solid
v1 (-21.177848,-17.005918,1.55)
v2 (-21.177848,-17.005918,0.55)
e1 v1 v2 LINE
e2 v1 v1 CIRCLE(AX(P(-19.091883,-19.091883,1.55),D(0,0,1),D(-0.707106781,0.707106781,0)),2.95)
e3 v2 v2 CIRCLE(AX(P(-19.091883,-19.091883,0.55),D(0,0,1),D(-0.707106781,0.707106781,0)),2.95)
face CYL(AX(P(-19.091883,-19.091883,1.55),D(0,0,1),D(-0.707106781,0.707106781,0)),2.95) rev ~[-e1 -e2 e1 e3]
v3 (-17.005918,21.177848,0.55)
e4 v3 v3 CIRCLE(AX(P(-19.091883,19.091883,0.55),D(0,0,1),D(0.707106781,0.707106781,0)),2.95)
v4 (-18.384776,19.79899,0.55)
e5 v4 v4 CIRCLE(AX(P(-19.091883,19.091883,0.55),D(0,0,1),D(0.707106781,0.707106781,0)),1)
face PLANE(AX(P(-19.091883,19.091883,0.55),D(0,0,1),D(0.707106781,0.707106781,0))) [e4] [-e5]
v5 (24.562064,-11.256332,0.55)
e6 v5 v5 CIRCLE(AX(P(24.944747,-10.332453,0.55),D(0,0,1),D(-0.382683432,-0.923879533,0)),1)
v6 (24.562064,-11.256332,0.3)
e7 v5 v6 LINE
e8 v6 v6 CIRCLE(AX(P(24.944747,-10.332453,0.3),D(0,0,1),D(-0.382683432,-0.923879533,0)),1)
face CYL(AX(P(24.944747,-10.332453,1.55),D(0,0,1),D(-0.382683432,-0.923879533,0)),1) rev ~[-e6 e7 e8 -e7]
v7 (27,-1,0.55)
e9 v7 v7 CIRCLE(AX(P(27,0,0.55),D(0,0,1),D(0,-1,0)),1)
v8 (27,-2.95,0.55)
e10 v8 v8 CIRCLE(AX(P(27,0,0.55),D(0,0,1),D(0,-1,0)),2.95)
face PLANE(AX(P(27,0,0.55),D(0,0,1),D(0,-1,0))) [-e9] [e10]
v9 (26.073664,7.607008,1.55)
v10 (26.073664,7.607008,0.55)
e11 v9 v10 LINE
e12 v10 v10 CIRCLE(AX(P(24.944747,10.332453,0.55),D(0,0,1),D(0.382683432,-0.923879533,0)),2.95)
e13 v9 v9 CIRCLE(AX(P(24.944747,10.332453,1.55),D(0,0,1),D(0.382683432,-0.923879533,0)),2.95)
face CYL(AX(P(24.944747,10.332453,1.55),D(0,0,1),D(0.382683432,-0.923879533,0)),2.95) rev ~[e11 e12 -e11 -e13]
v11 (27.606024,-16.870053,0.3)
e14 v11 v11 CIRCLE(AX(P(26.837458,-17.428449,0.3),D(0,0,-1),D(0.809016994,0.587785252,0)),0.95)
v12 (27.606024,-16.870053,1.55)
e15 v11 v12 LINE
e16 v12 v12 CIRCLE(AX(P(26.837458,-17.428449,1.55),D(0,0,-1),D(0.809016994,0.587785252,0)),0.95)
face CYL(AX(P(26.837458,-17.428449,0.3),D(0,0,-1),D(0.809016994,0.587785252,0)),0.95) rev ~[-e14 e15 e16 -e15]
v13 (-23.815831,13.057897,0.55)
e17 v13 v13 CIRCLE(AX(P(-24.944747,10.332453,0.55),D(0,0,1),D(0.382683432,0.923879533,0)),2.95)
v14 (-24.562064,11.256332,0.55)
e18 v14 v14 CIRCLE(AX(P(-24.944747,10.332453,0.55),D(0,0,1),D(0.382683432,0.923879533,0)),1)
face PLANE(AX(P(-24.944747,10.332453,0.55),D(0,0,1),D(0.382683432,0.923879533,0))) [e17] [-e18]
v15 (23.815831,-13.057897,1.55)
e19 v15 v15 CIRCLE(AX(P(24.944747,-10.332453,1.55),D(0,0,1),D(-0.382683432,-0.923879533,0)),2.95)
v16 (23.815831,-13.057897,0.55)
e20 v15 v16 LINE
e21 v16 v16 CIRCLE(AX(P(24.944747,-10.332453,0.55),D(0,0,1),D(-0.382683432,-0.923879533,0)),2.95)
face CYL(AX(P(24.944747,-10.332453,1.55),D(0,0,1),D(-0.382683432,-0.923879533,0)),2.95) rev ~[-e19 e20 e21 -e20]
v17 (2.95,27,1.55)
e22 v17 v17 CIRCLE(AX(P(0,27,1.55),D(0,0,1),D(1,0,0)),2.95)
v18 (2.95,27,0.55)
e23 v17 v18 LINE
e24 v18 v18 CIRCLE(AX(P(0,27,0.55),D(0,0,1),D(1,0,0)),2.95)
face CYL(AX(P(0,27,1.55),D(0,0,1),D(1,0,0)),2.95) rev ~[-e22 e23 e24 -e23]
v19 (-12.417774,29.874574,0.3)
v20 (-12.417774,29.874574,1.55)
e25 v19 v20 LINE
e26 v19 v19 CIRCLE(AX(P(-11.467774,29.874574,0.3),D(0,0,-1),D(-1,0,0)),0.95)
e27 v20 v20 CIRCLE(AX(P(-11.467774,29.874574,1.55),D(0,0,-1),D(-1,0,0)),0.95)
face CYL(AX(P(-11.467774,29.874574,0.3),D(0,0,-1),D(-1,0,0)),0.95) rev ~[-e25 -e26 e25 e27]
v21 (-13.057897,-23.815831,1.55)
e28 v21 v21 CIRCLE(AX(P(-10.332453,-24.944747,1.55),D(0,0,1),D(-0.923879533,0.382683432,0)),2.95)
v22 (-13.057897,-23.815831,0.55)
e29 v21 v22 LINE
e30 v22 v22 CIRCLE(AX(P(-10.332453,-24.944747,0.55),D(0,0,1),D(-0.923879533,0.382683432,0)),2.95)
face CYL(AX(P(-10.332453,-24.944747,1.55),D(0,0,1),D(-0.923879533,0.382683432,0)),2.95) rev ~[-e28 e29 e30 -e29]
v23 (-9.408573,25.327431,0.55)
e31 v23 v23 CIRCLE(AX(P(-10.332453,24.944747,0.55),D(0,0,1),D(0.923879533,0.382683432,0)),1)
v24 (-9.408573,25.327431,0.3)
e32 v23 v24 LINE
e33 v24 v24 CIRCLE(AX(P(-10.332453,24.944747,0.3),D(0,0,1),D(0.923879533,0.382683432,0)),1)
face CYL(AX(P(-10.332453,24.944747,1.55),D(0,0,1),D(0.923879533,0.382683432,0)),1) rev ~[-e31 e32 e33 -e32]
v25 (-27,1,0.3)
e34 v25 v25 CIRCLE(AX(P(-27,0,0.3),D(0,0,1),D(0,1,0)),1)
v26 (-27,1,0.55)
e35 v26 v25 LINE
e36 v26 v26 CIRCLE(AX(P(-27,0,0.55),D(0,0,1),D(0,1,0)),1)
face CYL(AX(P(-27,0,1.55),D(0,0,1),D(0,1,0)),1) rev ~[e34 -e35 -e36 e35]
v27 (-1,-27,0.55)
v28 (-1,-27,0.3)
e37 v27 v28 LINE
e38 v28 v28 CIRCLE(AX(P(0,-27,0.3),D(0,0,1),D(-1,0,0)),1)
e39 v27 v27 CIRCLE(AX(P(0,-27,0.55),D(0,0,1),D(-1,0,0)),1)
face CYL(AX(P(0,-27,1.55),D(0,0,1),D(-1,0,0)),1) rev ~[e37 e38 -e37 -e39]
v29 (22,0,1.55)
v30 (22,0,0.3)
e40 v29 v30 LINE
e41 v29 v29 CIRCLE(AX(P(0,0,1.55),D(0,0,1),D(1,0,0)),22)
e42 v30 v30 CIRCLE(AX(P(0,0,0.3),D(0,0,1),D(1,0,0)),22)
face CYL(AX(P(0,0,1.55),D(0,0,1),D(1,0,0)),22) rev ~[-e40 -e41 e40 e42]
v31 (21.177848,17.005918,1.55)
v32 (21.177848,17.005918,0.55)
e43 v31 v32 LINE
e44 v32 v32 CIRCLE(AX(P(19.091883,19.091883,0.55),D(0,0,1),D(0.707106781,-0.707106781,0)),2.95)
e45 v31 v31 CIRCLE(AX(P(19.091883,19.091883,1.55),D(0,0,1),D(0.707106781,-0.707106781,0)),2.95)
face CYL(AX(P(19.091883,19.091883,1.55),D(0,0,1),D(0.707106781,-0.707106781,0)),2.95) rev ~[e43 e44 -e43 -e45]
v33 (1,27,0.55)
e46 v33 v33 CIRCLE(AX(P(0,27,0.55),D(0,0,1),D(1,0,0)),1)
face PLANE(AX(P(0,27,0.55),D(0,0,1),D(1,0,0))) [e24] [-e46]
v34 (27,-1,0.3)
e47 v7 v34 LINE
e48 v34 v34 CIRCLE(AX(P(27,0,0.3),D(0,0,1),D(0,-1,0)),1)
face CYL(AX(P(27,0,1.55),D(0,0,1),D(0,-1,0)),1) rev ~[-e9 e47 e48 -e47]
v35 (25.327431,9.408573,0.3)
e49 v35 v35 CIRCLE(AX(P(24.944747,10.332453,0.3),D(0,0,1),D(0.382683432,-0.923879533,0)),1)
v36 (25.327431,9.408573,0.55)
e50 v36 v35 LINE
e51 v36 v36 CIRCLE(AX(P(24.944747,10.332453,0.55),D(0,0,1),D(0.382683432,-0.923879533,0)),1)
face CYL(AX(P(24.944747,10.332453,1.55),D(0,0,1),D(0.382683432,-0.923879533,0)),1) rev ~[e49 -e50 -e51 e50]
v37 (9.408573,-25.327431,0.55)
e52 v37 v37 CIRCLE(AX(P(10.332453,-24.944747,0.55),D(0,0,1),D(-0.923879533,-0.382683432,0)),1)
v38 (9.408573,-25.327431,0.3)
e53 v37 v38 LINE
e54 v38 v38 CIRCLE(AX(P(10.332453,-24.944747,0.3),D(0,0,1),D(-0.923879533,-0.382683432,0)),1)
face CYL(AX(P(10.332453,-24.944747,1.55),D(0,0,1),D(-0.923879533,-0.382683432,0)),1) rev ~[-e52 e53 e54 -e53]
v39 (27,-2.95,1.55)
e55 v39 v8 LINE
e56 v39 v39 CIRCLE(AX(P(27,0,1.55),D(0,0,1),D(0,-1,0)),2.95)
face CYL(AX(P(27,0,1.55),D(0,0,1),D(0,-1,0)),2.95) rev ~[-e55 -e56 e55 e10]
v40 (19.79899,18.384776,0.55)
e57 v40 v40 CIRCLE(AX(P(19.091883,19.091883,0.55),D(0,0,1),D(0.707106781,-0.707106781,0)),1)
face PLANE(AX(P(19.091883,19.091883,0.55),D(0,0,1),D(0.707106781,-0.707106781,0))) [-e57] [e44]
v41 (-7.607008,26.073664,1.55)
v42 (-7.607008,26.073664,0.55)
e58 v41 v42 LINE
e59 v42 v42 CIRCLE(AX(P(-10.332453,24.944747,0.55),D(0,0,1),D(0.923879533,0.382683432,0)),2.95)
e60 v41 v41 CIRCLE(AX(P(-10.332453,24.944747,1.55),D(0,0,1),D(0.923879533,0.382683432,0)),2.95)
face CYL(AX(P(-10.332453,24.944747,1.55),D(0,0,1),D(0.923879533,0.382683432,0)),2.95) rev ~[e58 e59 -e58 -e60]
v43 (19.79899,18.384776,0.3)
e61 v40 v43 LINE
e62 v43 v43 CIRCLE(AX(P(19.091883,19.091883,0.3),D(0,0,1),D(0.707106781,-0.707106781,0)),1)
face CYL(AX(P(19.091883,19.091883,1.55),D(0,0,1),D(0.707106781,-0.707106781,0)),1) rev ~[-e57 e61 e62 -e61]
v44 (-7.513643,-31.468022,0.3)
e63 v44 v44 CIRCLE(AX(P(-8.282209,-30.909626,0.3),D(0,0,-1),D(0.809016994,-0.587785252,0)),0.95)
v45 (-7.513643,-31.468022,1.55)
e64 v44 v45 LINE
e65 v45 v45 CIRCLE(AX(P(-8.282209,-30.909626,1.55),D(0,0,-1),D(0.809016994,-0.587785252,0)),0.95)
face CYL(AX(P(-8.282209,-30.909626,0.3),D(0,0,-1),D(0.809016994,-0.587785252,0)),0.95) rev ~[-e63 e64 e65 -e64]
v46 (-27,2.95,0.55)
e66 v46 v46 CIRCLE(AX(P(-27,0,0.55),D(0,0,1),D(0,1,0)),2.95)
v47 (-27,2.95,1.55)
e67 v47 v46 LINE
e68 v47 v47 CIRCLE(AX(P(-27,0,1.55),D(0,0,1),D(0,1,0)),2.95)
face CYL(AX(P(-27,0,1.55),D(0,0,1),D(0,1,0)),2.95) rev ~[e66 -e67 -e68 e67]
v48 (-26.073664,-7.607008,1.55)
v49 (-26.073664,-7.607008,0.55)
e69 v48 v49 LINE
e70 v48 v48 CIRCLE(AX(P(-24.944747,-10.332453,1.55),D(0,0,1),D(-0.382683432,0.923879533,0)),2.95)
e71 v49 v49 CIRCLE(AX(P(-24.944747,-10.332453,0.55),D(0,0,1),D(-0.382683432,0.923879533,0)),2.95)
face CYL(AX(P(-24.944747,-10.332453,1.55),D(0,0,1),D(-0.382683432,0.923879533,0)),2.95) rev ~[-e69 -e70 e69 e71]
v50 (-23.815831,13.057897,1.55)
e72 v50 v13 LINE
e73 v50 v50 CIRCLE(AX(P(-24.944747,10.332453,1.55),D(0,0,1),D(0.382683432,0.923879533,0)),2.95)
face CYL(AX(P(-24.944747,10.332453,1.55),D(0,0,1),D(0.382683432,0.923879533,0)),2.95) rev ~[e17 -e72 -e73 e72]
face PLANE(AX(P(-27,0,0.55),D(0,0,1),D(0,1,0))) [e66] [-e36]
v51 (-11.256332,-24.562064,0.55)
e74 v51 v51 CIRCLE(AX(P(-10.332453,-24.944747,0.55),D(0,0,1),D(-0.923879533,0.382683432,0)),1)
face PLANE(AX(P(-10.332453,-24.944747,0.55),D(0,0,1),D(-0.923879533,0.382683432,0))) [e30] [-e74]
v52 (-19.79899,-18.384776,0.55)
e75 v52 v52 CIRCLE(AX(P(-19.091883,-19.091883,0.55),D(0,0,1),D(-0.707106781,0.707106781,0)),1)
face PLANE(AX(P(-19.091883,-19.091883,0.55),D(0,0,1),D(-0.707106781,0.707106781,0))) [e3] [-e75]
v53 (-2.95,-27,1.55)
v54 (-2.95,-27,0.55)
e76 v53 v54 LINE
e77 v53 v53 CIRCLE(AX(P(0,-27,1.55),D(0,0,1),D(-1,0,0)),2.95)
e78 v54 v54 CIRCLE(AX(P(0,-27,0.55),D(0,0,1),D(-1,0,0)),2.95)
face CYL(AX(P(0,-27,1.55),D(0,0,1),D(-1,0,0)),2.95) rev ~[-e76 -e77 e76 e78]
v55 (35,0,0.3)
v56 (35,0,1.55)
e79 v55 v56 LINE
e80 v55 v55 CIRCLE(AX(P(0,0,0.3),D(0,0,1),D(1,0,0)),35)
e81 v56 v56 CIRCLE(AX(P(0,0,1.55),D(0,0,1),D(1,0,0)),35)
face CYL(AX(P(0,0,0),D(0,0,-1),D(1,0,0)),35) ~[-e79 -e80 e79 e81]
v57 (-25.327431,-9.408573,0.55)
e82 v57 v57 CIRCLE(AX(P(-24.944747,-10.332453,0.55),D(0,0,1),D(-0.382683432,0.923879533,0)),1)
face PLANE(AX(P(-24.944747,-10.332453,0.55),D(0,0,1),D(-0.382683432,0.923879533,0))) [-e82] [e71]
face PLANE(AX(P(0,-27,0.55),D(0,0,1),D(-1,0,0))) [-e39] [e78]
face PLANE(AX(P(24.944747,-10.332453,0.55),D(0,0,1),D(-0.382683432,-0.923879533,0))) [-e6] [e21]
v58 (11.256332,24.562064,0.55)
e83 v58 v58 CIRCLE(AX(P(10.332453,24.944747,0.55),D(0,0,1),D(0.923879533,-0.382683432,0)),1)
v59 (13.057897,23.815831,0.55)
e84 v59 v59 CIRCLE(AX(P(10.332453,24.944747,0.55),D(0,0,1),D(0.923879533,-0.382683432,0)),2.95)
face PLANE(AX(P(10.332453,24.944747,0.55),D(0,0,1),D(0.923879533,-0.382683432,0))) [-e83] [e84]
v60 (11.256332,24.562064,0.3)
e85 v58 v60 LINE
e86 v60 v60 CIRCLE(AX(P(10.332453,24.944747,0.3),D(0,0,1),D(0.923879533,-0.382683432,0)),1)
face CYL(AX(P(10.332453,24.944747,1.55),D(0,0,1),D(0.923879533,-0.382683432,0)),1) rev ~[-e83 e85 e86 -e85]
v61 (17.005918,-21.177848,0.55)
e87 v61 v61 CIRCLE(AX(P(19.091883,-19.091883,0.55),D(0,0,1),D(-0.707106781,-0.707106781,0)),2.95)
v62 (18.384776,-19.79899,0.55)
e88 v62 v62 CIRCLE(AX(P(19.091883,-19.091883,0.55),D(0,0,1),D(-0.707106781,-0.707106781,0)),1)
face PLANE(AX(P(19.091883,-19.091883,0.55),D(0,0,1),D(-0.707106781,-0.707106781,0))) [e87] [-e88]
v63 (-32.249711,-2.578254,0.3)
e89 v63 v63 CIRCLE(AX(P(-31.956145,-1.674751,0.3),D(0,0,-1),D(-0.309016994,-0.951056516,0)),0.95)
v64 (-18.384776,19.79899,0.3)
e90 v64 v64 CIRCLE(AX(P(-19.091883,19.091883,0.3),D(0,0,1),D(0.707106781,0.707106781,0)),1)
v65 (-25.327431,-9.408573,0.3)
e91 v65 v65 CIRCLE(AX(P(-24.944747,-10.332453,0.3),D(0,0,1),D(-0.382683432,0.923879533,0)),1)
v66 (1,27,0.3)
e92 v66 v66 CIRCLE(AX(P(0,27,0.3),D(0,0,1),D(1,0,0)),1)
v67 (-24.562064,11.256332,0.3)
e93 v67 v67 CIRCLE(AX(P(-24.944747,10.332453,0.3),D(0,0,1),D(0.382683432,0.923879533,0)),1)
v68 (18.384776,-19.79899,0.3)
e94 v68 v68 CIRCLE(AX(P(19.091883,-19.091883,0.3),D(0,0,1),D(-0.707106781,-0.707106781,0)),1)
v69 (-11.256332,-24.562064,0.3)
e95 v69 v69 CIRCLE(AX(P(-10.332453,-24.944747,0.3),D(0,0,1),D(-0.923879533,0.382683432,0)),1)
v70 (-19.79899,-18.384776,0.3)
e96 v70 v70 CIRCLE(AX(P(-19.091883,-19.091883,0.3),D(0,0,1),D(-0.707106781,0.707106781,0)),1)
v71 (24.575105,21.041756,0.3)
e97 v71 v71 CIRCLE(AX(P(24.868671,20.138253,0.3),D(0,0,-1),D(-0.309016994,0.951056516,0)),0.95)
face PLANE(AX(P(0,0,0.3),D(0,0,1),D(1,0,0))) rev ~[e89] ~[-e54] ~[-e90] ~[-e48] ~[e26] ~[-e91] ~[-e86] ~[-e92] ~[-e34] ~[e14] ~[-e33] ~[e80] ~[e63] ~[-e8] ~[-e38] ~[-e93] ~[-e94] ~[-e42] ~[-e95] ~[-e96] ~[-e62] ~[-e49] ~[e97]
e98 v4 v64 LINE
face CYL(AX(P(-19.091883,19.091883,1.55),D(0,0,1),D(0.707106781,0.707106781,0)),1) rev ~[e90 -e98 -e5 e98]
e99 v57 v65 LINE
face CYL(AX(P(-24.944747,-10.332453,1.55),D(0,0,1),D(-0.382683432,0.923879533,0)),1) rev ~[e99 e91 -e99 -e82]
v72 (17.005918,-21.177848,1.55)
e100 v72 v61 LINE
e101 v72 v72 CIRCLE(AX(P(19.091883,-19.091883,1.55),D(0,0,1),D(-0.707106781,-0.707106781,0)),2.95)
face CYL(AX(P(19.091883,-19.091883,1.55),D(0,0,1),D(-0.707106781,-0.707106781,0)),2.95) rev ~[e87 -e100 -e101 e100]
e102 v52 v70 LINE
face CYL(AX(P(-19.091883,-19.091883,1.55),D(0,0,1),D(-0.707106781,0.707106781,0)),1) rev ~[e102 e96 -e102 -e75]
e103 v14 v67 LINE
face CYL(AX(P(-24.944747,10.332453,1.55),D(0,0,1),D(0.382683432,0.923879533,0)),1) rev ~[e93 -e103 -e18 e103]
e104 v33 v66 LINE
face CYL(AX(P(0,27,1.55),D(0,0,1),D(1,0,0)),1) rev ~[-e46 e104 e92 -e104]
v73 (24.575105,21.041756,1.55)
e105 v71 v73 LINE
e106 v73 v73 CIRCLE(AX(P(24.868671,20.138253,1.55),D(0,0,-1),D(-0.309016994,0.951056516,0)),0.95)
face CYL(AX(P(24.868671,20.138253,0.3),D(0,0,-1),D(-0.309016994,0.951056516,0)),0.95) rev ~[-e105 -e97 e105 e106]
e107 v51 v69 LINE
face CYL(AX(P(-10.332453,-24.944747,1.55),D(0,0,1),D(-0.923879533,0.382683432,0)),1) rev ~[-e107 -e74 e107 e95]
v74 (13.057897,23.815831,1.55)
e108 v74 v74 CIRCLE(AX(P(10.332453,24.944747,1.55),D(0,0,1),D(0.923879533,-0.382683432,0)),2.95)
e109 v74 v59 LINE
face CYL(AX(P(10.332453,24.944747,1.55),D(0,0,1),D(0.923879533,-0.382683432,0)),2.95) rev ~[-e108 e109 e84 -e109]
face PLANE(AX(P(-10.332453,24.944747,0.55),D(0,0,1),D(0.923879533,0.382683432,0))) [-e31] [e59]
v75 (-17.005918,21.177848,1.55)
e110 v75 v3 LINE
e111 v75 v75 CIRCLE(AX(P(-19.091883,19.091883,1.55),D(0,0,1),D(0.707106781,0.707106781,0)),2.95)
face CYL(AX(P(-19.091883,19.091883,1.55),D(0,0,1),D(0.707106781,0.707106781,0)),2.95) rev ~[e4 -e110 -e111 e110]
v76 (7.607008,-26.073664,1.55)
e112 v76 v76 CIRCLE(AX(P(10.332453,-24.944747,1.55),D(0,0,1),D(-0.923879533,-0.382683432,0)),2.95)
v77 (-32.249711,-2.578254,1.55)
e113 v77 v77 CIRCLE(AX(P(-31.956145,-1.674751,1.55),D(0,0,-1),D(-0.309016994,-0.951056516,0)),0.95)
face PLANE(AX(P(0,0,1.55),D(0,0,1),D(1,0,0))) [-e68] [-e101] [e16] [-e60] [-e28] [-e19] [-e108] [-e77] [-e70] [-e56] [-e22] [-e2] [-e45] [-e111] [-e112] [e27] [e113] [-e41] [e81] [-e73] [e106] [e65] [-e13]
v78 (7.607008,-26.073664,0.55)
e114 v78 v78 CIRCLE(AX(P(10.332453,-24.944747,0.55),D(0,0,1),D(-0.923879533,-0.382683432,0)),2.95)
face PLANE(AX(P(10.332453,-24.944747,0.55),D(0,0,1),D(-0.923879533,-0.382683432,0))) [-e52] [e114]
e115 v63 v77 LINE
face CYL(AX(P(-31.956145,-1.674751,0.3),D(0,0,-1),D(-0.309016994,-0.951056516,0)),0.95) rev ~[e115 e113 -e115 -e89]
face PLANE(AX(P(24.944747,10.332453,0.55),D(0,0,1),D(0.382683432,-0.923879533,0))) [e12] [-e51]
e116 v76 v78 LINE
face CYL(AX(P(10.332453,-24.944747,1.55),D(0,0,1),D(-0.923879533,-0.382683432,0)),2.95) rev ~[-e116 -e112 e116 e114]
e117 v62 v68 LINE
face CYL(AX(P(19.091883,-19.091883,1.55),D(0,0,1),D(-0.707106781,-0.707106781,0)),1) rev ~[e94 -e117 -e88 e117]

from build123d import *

# Parameters (mm, degrees)
SKETCH1_R           = 35
BOSS_EXTRUDE1_DEPTH = 1.55
SKETCH2_R           = 22
CUT_EXTRUDE1_DEPTH  = 50.521737651
SKETCH3_R           = 2.95
CUT_EXTRUDE6_DEPTH  = 1
SKETCH5_R           = 1
CUT_EXTRUDE7_DEPTH  = 50.521737651
MOVE_FACE1_BY       = 0.3
CIRPATTERN2_COUNT   = 16
SKETCH6_R           = 0.95
CUT_EXTRUDE8_DEPTH  = 50.513255801
CIRPATTERN3_COUNT   = 5


with BuildPart() as part:
    # Sketch1 → Boss-Extrude1 (new body)
    with BuildSketch(Plane.XY):
        Circle(SKETCH1_R)
    extrude(amount=BOSS_EXTRUDE1_DEPTH)

    # Sketch2 → Cut-Extrude1 (cut, through all)
    with BuildSketch(Plane.XY.offset(1.55)):
        Circle(SKETCH2_R)
    extrude(amount=-CUT_EXTRUDE1_DEPTH, mode=Mode.SUBTRACT)

    # Sketch3 → Cut-Extrude6 (cut)
    with BuildSketch(Plane.XY.offset(1.55)):
        with Locations((0, 27)):
            Circle(SKETCH3_R)
    cut_extrude6 = extrude(amount=-CUT_EXTRUDE6_DEPTH, mode=Mode.SUBTRACT)

    # Sketch5 → Cut-Extrude7 (cut, through all)
    with BuildSketch(Plane.XY.offset(1.55)):
        with Locations((0, 27)):
            Circle(SKETCH5_R)
    cut_extrude7 = extrude(amount=-CUT_EXTRUDE7_DEPTH, mode=Mode.SUBTRACT)

    # Move Face1: a face moved inward by 0.3
    extrude(part.faces().sort_by_distance((0, -28, 0))[0], amount=MOVE_FACE1_BY, dir=(0, 0, 1), mode=Mode.SUBTRACT)

    # CirPattern2: Cut-Extrude6, Cut-Extrude7 ×16 about axis
    cirpattern2_axis = Axis((0, 0, -88.99), (0, 0, 1))
    add([cut_extrude6.rotate(cirpattern2_axis, i * 360 / CIRPATTERN2_COUNT) for i in range(1, CIRPATTERN2_COUNT)], mode=Mode.SUBTRACT)
    add([cut_extrude7.rotate(cirpattern2_axis, i * 360 / CIRPATTERN2_COUNT) for i in range(1, CIRPATTERN2_COUNT)], mode=Mode.SUBTRACT)

    # Sketch6 → Cut-Extrude8 (cut, through all)
    with BuildSketch(Plane(origin=(0, 0, 0.3), x_dir=(-1, 0, 0), z_dir=(0, 0, -1))):
        with Locations((11.467774385, 29.874573648)):
            Circle(SKETCH6_R)
    cut_extrude8 = extrude(amount=-CUT_EXTRUDE8_DEPTH, mode=Mode.SUBTRACT)

    # CirPattern3: Cut-Extrude8 ×5 about axis
    cirpattern3_axis = Axis((0, 0, -88.99), (0, 0, 1))
    for i in range(1, CIRPATTERN3_COUNT):
        add(cut_extrude8.rotate(cirpattern3_axis, i * 360 / CIRPATTERN3_COUNT), mode=Mode.SUBTRACT)


solid = part.part
